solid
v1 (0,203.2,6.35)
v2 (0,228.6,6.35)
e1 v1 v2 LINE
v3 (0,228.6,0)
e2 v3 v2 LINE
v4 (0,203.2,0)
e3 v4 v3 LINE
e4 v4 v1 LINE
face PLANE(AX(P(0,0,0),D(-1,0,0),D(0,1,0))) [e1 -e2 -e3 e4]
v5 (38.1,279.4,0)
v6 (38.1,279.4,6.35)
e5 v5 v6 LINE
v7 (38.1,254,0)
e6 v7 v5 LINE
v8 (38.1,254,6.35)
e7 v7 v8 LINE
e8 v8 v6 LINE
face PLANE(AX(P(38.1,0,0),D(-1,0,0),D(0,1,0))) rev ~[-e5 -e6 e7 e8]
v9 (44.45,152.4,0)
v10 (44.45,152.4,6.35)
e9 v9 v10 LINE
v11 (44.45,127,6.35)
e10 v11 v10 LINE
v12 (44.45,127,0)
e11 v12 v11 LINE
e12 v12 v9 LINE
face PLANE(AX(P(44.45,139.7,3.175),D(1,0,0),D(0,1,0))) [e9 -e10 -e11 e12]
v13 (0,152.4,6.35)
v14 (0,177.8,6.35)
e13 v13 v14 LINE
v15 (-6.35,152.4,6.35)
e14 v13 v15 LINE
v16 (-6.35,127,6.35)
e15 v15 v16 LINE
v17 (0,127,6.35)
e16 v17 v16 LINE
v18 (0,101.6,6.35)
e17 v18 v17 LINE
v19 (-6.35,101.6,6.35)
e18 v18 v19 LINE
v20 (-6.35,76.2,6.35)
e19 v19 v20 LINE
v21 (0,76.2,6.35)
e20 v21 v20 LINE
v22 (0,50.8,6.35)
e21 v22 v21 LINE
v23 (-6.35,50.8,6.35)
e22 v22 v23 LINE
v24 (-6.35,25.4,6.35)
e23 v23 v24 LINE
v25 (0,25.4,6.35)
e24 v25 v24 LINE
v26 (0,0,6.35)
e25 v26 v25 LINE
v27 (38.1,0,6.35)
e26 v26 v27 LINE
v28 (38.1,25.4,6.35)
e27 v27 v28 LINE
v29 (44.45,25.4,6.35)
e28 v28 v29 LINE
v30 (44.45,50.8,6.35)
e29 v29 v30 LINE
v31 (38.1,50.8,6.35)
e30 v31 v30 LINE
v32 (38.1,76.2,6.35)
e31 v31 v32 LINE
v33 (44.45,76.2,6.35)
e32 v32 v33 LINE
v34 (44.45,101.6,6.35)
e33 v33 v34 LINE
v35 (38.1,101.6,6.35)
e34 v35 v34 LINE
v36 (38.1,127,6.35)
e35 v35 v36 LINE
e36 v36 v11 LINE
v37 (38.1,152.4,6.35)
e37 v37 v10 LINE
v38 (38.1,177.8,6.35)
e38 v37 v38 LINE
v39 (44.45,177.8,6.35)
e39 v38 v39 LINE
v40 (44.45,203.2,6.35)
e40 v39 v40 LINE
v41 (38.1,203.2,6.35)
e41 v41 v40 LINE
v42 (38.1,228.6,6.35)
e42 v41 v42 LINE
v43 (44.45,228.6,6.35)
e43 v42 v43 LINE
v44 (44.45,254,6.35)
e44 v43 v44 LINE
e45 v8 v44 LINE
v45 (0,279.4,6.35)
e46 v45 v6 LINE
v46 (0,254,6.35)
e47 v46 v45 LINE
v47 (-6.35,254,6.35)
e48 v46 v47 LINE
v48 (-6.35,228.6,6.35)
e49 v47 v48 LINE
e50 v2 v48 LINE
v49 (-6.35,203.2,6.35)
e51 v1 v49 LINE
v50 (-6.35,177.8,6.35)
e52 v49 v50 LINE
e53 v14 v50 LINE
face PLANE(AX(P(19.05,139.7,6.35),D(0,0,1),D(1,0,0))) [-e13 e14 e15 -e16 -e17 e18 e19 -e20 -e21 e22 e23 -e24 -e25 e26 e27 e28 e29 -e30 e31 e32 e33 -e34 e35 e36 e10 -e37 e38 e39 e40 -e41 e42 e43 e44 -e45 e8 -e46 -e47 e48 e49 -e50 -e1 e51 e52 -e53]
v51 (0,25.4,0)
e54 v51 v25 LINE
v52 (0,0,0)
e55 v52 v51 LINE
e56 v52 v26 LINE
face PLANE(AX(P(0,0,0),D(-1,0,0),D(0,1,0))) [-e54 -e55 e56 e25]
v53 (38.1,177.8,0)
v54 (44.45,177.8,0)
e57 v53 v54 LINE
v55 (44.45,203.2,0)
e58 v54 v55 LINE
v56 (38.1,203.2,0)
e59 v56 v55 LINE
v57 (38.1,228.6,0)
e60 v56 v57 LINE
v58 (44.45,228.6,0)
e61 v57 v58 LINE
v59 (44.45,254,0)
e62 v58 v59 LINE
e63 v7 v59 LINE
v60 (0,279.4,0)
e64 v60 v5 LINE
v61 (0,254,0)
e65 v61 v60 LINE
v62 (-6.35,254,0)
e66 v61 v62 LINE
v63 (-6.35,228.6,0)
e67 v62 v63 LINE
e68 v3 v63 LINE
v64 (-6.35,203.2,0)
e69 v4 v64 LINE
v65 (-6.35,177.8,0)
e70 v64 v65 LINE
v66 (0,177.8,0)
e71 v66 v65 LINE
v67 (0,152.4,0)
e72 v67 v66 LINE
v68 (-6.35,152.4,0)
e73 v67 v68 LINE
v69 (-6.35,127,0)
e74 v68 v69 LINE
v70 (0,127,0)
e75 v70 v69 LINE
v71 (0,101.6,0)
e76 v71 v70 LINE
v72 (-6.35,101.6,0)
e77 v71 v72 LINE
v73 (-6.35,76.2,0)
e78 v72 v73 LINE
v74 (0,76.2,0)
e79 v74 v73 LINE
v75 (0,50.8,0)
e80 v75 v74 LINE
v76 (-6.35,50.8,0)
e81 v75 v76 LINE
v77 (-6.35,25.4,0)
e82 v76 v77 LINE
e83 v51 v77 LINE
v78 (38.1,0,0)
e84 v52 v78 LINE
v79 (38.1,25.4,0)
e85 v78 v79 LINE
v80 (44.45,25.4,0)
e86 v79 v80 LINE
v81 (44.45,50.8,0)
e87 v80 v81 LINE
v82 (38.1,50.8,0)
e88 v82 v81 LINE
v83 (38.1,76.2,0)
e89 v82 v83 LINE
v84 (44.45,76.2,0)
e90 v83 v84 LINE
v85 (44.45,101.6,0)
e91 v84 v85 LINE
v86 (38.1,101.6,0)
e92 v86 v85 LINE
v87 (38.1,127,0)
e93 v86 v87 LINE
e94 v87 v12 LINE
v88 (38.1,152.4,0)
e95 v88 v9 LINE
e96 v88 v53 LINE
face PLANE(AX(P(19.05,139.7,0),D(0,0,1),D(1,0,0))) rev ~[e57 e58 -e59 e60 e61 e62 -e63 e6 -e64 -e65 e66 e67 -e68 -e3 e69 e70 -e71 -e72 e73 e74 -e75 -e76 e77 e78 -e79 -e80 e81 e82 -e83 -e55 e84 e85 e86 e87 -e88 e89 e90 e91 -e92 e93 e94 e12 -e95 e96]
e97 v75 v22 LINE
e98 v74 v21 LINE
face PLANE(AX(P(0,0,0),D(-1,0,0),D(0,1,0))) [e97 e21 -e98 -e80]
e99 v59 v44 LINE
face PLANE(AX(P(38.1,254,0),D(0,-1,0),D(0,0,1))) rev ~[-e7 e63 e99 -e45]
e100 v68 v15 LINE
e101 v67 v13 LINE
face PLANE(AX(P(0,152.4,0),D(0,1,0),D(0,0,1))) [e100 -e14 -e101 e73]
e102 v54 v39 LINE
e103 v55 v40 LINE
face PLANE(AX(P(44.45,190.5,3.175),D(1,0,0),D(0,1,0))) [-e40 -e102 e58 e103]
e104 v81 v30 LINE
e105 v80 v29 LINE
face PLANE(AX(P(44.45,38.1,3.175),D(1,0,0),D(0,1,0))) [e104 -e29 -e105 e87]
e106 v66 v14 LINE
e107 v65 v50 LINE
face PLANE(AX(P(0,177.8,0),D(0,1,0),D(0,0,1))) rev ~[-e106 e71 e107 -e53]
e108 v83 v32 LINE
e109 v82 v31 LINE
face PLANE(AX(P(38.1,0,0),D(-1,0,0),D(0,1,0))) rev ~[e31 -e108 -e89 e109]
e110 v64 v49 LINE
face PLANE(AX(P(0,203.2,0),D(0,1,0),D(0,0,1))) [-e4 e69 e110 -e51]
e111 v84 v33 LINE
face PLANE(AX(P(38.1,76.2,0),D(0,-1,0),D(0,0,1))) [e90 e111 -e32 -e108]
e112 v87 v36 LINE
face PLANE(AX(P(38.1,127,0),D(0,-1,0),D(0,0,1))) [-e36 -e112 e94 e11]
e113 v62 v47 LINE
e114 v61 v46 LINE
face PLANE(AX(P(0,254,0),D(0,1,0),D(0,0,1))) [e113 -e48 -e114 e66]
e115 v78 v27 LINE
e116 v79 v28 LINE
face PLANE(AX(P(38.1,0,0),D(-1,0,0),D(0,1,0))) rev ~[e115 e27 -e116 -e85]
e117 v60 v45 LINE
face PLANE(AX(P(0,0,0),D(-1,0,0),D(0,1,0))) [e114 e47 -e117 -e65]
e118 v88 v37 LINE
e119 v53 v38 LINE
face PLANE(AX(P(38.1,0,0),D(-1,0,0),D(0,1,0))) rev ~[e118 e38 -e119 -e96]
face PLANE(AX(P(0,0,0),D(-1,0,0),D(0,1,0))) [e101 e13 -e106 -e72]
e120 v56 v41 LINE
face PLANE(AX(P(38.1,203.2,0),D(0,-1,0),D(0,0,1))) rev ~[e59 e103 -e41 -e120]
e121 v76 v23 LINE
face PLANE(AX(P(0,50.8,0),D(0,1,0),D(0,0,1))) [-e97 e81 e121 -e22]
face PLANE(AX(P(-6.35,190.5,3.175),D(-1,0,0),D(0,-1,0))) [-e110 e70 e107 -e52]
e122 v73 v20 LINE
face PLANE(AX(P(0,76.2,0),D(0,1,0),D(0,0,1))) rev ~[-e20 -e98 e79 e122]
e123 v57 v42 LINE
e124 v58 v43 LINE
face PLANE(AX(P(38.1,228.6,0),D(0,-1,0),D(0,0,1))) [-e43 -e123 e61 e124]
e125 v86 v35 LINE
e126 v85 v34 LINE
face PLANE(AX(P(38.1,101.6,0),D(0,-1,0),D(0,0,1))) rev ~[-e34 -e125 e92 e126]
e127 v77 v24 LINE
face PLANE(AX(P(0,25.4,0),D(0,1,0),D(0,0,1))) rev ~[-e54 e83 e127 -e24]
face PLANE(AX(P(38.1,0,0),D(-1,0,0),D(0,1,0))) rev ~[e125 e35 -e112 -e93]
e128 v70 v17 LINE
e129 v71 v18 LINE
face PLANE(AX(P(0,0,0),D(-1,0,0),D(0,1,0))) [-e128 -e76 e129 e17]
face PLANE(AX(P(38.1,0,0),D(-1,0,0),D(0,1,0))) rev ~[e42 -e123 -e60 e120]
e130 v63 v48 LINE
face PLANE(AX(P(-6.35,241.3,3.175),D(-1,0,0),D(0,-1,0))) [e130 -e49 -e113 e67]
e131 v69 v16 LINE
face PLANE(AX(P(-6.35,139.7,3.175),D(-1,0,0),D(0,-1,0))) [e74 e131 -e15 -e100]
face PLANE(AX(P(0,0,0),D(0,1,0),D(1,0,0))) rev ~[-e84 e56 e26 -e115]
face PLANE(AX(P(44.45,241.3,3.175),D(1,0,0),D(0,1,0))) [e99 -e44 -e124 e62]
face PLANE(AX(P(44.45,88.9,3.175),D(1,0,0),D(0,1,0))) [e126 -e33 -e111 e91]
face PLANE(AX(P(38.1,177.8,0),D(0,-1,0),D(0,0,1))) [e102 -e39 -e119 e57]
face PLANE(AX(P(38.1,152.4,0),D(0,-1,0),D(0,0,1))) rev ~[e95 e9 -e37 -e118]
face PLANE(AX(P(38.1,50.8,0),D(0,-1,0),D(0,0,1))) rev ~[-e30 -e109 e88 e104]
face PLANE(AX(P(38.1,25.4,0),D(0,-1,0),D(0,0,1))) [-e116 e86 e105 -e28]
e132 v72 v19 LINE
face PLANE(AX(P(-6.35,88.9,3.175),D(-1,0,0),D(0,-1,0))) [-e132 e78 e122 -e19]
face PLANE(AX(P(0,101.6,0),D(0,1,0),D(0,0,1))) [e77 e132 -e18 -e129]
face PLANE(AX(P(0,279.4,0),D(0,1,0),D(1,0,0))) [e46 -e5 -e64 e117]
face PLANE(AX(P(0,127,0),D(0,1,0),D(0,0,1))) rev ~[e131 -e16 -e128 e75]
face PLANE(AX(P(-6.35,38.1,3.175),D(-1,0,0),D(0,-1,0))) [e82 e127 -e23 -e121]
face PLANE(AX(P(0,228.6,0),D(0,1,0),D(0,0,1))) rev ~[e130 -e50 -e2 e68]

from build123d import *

# Parameters (mm, degrees)
F0_W     = 38.1
F0_H     = 279.4
F1_DEPTH = 6.35
F2_W     = 25.4
F2_H     = 6.35
F4_DEPTH = 6.35
F3_W     = 25.4
F3_H     = 6.35
F5_DEPTH = 6.35


with BuildPart() as f1:
    # F0 (on Top) → F1 (new body)
    with BuildSketch(Plane.XY):
        with Locations((19.05, 139.7)):
            Rectangle(F0_W, F0_H)
    extrude(amount=F1_DEPTH)

    # F2 (on face) → F4 (join)
    with BuildSketch(Plane.YZ.offset(38.1)):
        with Locations((241.3, 3.175)):
            Rectangle(F2_W, F2_H)
        with Locations((190.5, 3.175)):
            Rectangle(F2_W, F2_H)
        with Locations((139.7, 3.175)):
            Rectangle(F2_W, F2_H)
        with Locations((88.9, 3.175)):
            Rectangle(F2_W, F2_H)
        with Locations((38.1, 3.175)):
            Rectangle(F2_W, F2_H)
    extrude(amount=F4_DEPTH)

    # F3 (on face) → F5 (join)
    with BuildSketch(Plane(origin=(0, 0, 0), x_dir=(0, -1, 0), z_dir=(-1, 0, 0))):
        with Locations((-38.1, 3.175)):
            Rectangle(F3_W, F3_H)
        with Locations((-88.9, 3.175)):
            Rectangle(F3_W, F3_H)
        with Locations((-139.7, 3.175)):
            Rectangle(F3_W, F3_H)
        with Locations((-190.5, 3.175)):
            Rectangle(F3_W, F3_H)
        with Locations((-241.3, 3.175)):
            Rectangle(F3_W, F3_H)
    extrude(amount=F5_DEPTH)


solid = f1.part
